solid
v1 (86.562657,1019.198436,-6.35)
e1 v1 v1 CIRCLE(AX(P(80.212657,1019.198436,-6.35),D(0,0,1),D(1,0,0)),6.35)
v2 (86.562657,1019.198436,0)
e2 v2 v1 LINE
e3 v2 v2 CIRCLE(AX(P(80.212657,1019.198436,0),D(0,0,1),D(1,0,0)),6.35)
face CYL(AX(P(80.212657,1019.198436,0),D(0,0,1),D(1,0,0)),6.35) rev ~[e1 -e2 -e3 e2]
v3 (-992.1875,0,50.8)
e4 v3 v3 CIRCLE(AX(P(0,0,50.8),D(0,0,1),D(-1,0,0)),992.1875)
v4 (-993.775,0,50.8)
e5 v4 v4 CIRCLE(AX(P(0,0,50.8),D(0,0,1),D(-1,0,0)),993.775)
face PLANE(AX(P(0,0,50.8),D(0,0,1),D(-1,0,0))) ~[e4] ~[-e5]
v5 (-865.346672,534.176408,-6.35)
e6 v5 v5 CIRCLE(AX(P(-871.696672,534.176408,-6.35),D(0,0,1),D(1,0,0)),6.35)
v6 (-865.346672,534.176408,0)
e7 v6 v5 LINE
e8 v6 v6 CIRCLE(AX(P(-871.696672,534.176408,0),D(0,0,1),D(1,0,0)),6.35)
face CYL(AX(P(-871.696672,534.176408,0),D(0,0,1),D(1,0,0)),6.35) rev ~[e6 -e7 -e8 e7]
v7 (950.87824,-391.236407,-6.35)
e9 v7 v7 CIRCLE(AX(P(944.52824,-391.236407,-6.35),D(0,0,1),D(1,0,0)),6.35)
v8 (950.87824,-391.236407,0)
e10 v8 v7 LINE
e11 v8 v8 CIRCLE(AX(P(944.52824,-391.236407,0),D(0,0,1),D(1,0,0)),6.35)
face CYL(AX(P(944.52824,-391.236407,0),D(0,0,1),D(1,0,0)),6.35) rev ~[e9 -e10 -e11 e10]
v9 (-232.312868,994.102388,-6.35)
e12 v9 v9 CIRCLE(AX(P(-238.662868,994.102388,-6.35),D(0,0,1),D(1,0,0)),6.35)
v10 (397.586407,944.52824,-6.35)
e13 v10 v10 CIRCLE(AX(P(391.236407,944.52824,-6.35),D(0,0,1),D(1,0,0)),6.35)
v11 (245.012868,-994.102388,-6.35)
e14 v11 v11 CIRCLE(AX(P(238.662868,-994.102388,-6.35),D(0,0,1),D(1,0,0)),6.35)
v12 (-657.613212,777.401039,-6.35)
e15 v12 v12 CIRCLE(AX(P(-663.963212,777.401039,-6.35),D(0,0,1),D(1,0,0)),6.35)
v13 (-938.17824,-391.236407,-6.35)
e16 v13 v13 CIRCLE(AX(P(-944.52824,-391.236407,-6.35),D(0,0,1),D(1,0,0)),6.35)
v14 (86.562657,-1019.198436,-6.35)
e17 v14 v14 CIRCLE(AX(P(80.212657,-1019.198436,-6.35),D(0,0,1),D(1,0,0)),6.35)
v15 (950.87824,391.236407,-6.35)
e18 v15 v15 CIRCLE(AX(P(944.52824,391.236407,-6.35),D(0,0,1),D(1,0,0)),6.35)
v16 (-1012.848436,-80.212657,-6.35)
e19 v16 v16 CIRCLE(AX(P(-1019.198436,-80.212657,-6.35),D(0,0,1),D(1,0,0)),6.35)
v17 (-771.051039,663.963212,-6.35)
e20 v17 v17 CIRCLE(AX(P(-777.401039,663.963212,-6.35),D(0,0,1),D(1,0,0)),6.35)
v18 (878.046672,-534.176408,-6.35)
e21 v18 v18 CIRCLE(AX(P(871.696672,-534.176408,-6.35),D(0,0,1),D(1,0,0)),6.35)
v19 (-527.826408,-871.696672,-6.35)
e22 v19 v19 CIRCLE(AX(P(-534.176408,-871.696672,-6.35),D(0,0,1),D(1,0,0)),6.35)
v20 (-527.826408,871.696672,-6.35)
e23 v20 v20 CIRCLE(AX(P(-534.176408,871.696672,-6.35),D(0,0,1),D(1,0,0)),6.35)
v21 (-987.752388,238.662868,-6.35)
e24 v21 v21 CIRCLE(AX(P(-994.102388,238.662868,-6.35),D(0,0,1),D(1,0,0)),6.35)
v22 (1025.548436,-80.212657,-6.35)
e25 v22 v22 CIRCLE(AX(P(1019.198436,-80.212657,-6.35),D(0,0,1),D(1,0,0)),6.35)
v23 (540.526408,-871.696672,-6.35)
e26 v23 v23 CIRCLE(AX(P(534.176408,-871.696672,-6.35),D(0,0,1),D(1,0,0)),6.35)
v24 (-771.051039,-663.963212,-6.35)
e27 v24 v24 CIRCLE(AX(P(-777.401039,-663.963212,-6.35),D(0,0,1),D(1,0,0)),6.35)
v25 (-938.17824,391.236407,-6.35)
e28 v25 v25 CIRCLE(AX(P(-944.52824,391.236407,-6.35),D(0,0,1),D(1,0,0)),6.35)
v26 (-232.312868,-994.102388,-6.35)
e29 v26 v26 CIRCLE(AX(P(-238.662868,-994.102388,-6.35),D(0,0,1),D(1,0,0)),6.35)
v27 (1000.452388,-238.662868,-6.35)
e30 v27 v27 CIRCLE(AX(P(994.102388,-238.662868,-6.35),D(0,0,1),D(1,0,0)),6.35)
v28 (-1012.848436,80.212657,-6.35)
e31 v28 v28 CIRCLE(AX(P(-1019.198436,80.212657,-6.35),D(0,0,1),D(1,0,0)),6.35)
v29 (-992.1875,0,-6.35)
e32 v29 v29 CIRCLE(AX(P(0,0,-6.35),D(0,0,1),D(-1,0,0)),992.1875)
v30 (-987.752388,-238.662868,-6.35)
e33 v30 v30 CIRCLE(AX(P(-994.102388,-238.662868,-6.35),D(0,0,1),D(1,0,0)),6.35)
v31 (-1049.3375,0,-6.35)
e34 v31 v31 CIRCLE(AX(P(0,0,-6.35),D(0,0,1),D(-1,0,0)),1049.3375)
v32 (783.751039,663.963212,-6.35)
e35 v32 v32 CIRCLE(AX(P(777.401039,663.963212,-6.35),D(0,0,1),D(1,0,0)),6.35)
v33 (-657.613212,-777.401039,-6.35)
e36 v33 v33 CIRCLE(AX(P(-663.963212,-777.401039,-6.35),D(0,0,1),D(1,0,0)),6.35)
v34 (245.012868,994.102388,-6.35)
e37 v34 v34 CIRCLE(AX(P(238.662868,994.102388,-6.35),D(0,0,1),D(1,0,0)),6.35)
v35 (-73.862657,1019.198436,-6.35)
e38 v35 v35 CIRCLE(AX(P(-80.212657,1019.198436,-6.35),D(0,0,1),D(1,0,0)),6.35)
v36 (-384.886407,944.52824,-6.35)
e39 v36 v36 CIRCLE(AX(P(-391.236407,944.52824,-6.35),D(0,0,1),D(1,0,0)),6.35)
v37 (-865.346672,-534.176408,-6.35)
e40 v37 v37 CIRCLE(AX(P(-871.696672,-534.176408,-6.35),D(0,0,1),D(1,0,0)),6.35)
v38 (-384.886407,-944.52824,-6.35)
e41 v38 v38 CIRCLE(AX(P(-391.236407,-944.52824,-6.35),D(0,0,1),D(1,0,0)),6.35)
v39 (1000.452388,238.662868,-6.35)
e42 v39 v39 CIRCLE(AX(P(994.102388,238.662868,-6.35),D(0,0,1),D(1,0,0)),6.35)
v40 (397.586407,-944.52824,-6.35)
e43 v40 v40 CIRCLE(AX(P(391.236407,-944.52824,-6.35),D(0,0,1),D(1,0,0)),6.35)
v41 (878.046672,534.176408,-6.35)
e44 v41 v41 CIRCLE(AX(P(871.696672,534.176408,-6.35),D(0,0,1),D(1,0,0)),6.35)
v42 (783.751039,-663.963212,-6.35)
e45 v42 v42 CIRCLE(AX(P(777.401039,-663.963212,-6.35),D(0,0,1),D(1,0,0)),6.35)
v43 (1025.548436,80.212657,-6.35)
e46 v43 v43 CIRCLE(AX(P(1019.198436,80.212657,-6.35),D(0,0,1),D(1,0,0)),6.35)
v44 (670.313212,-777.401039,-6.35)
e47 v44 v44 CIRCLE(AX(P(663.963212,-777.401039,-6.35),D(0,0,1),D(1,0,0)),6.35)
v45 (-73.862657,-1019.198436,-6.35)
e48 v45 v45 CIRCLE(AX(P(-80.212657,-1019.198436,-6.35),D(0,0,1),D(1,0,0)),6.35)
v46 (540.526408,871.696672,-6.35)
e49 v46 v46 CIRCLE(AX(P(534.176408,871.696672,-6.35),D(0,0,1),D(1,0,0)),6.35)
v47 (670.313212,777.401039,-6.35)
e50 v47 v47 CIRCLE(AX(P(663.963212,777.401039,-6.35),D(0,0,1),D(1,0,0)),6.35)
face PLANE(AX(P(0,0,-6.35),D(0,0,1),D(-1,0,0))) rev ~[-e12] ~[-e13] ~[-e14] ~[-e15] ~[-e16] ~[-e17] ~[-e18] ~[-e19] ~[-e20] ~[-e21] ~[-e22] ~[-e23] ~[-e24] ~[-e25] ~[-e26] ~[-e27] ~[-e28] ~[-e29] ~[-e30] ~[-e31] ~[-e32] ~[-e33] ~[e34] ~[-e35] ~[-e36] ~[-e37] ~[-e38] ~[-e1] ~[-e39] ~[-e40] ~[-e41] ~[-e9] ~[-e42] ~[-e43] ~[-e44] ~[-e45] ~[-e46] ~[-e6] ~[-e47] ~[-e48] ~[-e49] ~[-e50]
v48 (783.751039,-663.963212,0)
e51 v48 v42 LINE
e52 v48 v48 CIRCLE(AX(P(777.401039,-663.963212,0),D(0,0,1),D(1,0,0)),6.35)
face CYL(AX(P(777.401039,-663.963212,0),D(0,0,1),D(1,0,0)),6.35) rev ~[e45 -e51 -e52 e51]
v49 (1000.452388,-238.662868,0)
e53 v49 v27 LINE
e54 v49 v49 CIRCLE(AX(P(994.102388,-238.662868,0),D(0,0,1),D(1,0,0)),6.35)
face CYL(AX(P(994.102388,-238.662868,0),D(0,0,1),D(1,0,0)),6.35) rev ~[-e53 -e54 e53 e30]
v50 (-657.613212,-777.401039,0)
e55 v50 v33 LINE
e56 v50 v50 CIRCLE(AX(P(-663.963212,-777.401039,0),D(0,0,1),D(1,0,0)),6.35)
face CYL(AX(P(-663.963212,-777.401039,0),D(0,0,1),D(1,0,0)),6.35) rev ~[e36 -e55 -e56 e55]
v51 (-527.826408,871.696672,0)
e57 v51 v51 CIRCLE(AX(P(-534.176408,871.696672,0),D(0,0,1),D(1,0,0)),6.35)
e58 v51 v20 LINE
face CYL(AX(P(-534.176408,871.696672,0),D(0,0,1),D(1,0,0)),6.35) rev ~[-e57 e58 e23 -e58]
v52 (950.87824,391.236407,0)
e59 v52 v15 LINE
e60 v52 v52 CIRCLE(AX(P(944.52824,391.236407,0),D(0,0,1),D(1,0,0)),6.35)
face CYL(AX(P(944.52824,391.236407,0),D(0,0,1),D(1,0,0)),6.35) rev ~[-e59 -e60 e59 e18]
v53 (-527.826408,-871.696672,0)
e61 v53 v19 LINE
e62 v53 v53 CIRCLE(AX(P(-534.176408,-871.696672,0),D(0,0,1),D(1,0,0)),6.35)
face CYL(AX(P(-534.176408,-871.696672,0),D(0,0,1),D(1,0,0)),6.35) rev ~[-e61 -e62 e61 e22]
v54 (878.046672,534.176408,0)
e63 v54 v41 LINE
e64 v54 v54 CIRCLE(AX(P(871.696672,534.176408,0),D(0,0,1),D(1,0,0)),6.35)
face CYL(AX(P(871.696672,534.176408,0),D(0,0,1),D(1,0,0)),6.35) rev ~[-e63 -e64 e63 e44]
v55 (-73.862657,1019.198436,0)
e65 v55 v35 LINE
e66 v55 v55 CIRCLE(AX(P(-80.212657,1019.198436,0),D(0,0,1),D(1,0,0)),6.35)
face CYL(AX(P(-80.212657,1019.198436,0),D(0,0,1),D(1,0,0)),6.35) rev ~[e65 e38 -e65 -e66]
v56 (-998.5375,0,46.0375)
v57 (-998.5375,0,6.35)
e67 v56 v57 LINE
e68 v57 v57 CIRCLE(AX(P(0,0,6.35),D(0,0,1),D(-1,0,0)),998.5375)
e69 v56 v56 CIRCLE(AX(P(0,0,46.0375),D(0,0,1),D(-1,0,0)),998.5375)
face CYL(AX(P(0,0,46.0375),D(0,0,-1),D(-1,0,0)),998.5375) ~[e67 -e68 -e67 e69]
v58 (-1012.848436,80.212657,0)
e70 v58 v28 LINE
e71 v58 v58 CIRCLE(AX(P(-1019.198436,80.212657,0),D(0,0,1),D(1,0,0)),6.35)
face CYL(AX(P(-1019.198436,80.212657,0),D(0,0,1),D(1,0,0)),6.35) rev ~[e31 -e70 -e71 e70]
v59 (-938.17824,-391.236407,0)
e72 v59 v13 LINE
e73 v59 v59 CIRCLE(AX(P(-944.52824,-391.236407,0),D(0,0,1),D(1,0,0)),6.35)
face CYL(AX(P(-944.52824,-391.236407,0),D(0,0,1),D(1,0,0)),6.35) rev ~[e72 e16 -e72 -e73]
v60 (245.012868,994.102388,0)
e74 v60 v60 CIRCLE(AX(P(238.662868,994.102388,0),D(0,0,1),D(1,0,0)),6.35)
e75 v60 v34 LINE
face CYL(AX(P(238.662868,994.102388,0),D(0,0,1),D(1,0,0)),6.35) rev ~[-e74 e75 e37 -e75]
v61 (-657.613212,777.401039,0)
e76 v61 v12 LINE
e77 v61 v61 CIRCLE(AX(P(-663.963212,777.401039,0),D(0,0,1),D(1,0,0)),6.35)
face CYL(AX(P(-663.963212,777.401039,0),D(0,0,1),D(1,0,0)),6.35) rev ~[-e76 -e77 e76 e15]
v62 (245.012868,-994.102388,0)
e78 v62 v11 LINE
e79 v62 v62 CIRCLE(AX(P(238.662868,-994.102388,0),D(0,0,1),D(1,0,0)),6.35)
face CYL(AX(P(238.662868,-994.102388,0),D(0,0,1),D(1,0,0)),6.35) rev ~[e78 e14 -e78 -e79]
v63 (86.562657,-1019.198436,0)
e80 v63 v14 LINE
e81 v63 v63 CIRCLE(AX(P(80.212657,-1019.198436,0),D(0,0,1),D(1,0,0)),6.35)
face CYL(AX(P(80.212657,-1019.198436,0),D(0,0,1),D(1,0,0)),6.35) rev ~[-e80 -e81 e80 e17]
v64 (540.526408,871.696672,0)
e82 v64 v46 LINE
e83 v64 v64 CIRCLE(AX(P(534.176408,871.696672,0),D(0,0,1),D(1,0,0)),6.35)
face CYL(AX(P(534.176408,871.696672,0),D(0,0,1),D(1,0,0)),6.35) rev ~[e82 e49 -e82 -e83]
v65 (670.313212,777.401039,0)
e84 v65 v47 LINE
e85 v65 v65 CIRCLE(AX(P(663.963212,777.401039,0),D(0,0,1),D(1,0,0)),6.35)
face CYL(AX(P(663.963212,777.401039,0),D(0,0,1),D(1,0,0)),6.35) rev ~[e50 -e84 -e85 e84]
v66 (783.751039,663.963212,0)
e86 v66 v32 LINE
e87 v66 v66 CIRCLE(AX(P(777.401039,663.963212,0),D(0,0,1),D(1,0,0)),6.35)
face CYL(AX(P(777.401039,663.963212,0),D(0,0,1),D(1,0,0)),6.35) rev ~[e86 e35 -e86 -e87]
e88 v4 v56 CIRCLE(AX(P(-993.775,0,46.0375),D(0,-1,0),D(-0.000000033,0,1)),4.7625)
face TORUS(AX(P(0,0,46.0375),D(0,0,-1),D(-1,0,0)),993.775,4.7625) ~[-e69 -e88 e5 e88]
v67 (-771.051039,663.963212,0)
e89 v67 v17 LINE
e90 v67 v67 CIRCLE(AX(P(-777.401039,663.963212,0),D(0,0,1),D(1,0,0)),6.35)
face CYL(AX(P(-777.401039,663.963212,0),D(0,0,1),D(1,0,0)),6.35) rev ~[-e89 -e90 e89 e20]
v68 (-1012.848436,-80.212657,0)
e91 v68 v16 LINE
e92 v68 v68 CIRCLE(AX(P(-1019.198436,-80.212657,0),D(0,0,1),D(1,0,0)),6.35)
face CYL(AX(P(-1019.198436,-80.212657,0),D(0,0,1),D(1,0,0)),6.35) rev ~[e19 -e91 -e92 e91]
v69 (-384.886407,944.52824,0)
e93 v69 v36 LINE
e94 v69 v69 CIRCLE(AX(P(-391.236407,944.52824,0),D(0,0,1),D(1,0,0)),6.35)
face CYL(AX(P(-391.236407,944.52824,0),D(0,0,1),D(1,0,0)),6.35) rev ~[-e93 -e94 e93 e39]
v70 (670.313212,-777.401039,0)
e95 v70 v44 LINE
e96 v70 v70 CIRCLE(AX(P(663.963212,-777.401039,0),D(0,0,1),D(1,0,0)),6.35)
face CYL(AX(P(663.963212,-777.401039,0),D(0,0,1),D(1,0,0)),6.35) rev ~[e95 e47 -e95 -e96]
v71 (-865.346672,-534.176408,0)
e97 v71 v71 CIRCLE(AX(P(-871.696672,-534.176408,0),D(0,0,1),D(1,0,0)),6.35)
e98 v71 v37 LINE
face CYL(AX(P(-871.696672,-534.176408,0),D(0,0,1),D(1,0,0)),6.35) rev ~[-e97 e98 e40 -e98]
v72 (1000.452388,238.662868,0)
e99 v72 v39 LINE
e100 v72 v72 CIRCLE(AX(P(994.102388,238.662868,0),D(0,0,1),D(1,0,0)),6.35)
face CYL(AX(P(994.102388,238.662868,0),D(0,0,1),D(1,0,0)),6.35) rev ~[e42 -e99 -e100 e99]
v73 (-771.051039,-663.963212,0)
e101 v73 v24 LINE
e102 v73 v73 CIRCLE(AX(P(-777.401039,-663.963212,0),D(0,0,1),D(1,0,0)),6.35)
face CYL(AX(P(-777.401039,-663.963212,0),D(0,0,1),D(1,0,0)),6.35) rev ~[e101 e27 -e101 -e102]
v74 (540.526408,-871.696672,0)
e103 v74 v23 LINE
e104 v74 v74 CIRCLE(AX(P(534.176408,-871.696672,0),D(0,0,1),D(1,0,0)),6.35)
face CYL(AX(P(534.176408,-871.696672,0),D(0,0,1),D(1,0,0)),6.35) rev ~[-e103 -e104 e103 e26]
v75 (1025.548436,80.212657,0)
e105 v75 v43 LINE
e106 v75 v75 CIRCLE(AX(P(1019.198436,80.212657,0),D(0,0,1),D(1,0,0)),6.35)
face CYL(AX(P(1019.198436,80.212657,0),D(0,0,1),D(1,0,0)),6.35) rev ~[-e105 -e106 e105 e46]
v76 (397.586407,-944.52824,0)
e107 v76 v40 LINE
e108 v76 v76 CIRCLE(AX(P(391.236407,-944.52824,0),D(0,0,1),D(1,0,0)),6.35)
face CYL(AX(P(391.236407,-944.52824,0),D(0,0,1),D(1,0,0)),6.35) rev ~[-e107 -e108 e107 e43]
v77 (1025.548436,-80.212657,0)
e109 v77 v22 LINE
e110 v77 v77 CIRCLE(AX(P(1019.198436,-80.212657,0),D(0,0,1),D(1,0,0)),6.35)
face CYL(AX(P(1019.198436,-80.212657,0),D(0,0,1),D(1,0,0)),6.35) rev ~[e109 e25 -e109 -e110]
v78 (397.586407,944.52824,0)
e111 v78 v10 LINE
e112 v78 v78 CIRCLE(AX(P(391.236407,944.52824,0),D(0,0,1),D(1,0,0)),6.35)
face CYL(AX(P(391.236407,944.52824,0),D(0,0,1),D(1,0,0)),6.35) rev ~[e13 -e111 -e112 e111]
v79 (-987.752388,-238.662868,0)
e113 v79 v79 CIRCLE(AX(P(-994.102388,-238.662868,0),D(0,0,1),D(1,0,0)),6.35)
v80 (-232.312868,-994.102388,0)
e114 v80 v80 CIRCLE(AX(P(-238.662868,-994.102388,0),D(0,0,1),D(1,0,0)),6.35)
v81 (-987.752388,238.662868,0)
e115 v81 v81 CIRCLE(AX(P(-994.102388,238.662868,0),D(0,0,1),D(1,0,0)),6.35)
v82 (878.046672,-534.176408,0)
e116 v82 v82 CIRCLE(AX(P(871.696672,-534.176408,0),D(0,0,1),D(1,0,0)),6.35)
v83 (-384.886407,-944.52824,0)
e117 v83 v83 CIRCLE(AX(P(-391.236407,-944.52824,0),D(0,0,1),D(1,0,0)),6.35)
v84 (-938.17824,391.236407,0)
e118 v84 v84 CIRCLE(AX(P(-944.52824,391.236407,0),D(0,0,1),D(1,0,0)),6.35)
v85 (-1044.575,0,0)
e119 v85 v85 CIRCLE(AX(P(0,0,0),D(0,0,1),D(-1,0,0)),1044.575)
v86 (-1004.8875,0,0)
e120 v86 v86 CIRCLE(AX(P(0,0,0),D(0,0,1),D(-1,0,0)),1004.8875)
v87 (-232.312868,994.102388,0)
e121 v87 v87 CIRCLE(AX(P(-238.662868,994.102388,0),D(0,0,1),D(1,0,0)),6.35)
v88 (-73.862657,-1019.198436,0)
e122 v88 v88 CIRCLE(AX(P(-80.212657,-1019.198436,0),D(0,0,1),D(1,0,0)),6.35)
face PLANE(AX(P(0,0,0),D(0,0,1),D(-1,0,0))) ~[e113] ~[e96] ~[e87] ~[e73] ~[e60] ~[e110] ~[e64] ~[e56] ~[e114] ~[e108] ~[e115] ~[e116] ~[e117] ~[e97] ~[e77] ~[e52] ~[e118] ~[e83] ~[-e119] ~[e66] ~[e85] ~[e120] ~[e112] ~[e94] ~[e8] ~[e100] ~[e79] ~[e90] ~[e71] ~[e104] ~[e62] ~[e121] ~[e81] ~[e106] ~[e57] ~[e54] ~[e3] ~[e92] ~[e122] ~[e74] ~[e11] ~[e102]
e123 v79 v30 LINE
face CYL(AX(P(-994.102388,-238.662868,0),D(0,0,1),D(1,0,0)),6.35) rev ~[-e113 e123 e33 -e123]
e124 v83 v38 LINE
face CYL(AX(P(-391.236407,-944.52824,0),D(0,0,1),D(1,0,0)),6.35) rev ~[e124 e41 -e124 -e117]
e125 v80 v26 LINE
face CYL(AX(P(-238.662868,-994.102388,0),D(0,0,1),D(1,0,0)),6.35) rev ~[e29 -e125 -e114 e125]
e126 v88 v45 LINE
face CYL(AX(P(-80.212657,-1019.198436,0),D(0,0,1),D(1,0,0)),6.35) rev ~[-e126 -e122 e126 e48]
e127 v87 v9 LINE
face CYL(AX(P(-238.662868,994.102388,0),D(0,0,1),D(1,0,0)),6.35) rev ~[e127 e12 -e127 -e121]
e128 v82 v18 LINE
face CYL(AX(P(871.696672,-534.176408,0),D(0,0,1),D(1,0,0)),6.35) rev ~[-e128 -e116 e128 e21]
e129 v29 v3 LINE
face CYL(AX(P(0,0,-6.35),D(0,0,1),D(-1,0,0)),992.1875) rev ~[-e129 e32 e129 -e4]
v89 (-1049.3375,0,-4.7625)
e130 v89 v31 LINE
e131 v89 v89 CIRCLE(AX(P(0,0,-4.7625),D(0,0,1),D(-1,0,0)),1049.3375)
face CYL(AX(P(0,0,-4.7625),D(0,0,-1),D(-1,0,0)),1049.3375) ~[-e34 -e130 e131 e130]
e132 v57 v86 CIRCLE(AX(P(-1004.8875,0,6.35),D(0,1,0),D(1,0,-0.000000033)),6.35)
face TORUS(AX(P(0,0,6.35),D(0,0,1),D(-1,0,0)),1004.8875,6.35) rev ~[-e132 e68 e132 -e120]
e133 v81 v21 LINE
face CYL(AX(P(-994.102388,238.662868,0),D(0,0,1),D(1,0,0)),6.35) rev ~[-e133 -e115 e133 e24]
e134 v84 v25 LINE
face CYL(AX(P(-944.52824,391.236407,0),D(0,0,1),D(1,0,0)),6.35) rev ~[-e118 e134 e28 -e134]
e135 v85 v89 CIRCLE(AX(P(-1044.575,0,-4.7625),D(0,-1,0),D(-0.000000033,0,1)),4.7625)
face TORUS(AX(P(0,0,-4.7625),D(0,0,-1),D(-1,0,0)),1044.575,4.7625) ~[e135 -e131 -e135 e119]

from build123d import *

# Parameters (mm, degrees)
F2_R     = 6.35
F3_DEPTH = 6.351


with BuildPart() as f1:
    # F0 (on Front) → F1 (revolve)
    with BuildSketch(Plane.XZ):
        with BuildLine():
            Line((-1004.8875, 0), (-1044.575, 0))
            ThreePointArc((-1044.575, 0), (-1047.942596, -1.394904), (-1049.3375, -4.7625))
            Line((-1049.3375, -4.7625), (-1049.3375, -6.35))
            Line((-1049.3375, -6.35), (-992.1875, -6.35))
            Line((-992.1875, -6.35), (-992.1875, 50.8))
            Line((-992.1875, 50.8), (-993.775, 50.8))
            ThreePointArc((-993.775, 50.8), (-997.142596, 49.405096), (-998.5375, 46.0375))
            Line((-998.5375, 46.0375), (-998.5375, 6.35))
            ThreePointArc((-998.5375, 6.35), (-1000.397372, 1.859872), (-1004.8875, 0))
        make_face()
    revolve(axis=Axis((0, 0, 25.4), (0, 0, 1)))

    # F2 (on Top) → F3 (cut, through all)
    with BuildSketch(Plane.XY):
        with Locations((1019.198436, 80.212657)):
            Circle(F2_R)
        with Locations((994.102388, 238.662868)):
            Circle(F2_R)
        with Locations((944.52824, 391.236407)):
            Circle(F2_R)
        with Locations((871.696672, 534.176408)):
            Circle(F2_R)
        with Locations((777.401039, 663.963212)):
            Circle(F2_R)
        with Locations((663.963212, 777.401039)):
            Circle(F2_R)
        with Locations((534.176408, 871.696672)):
            Circle(F2_R)
        with Locations((391.236407, 944.52824)):
            Circle(F2_R)
        with Locations((238.662868, 994.102388)):
            Circle(F2_R)
        with Locations((80.212657, 1019.198436)):
            Circle(F2_R)
        with Locations((-80.212657, 1019.198436)):
            Circle(F2_R)
        with Locations((-238.662868, 994.102388)):
            Circle(F2_R)
        with Locations((-391.236407, 944.52824)):
            Circle(F2_R)
        with Locations((-534.176408, 871.696672)):
            Circle(F2_R)
        with Locations((-663.963212, 777.401039)):
            Circle(F2_R)
        with Locations((-777.401039, 663.963212)):
            Circle(F2_R)
        with Locations((-871.696672, 534.176408)):
            Circle(F2_R)
        with Locations((-944.52824, 391.236407)):
            Circle(F2_R)
        with Locations((-994.102388, 238.662868)):
            Circle(F2_R)
        with Locations((-1019.198436, 80.212657)):
            Circle(F2_R)
        with Locations((-1019.198436, -80.212657)):
            Circle(F2_R)
        with Locations((-994.102388, -238.662868)):
            Circle(F2_R)
        with Locations((-944.52824, -391.236407)):
            Circle(F2_R)
        with Locations((-871.696672, -534.176408)):
            Circle(F2_R)
        with Locations((-777.401039, -663.963212)):
            Circle(F2_R)
        with Locations((-663.963212, -777.401039)):
            Circle(F2_R)
        with Locations((-534.176408, -871.696672)):
            Circle(F2_R)
        with Locations((-391.236407, -944.52824)):
            Circle(F2_R)
        with Locations((-238.662868, -994.102388)):
            Circle(F2_R)
        with Locations((-80.212657, -1019.198436)):
            Circle(F2_R)
        with Locations((80.212657, -1019.198436)):
            Circle(F2_R)
        with Locations((238.662868, -994.102388)):
            Circle(F2_R)
        with Locations((391.236407, -944.52824)):
            Circle(F2_R)
        with Locations((534.176408, -871.696672)):
            Circle(F2_R)
        with Locations((663.963212, -777.401039)):
            Circle(F2_R)
        with Locations((777.401039, -663.963212)):
            Circle(F2_R)
        with Locations((871.696672, -534.176408)):
            Circle(F2_R)
        with Locations((944.52824, -391.236407)):
            Circle(F2_R)
        with Locations((994.102388, -238.662868)):
            Circle(F2_R)
        with Locations((1019.198436, -80.212657)):
            Circle(F2_R)
    extrude(amount=-F3_DEPTH, mode=Mode.SUBTRACT)


solid = f1.part
